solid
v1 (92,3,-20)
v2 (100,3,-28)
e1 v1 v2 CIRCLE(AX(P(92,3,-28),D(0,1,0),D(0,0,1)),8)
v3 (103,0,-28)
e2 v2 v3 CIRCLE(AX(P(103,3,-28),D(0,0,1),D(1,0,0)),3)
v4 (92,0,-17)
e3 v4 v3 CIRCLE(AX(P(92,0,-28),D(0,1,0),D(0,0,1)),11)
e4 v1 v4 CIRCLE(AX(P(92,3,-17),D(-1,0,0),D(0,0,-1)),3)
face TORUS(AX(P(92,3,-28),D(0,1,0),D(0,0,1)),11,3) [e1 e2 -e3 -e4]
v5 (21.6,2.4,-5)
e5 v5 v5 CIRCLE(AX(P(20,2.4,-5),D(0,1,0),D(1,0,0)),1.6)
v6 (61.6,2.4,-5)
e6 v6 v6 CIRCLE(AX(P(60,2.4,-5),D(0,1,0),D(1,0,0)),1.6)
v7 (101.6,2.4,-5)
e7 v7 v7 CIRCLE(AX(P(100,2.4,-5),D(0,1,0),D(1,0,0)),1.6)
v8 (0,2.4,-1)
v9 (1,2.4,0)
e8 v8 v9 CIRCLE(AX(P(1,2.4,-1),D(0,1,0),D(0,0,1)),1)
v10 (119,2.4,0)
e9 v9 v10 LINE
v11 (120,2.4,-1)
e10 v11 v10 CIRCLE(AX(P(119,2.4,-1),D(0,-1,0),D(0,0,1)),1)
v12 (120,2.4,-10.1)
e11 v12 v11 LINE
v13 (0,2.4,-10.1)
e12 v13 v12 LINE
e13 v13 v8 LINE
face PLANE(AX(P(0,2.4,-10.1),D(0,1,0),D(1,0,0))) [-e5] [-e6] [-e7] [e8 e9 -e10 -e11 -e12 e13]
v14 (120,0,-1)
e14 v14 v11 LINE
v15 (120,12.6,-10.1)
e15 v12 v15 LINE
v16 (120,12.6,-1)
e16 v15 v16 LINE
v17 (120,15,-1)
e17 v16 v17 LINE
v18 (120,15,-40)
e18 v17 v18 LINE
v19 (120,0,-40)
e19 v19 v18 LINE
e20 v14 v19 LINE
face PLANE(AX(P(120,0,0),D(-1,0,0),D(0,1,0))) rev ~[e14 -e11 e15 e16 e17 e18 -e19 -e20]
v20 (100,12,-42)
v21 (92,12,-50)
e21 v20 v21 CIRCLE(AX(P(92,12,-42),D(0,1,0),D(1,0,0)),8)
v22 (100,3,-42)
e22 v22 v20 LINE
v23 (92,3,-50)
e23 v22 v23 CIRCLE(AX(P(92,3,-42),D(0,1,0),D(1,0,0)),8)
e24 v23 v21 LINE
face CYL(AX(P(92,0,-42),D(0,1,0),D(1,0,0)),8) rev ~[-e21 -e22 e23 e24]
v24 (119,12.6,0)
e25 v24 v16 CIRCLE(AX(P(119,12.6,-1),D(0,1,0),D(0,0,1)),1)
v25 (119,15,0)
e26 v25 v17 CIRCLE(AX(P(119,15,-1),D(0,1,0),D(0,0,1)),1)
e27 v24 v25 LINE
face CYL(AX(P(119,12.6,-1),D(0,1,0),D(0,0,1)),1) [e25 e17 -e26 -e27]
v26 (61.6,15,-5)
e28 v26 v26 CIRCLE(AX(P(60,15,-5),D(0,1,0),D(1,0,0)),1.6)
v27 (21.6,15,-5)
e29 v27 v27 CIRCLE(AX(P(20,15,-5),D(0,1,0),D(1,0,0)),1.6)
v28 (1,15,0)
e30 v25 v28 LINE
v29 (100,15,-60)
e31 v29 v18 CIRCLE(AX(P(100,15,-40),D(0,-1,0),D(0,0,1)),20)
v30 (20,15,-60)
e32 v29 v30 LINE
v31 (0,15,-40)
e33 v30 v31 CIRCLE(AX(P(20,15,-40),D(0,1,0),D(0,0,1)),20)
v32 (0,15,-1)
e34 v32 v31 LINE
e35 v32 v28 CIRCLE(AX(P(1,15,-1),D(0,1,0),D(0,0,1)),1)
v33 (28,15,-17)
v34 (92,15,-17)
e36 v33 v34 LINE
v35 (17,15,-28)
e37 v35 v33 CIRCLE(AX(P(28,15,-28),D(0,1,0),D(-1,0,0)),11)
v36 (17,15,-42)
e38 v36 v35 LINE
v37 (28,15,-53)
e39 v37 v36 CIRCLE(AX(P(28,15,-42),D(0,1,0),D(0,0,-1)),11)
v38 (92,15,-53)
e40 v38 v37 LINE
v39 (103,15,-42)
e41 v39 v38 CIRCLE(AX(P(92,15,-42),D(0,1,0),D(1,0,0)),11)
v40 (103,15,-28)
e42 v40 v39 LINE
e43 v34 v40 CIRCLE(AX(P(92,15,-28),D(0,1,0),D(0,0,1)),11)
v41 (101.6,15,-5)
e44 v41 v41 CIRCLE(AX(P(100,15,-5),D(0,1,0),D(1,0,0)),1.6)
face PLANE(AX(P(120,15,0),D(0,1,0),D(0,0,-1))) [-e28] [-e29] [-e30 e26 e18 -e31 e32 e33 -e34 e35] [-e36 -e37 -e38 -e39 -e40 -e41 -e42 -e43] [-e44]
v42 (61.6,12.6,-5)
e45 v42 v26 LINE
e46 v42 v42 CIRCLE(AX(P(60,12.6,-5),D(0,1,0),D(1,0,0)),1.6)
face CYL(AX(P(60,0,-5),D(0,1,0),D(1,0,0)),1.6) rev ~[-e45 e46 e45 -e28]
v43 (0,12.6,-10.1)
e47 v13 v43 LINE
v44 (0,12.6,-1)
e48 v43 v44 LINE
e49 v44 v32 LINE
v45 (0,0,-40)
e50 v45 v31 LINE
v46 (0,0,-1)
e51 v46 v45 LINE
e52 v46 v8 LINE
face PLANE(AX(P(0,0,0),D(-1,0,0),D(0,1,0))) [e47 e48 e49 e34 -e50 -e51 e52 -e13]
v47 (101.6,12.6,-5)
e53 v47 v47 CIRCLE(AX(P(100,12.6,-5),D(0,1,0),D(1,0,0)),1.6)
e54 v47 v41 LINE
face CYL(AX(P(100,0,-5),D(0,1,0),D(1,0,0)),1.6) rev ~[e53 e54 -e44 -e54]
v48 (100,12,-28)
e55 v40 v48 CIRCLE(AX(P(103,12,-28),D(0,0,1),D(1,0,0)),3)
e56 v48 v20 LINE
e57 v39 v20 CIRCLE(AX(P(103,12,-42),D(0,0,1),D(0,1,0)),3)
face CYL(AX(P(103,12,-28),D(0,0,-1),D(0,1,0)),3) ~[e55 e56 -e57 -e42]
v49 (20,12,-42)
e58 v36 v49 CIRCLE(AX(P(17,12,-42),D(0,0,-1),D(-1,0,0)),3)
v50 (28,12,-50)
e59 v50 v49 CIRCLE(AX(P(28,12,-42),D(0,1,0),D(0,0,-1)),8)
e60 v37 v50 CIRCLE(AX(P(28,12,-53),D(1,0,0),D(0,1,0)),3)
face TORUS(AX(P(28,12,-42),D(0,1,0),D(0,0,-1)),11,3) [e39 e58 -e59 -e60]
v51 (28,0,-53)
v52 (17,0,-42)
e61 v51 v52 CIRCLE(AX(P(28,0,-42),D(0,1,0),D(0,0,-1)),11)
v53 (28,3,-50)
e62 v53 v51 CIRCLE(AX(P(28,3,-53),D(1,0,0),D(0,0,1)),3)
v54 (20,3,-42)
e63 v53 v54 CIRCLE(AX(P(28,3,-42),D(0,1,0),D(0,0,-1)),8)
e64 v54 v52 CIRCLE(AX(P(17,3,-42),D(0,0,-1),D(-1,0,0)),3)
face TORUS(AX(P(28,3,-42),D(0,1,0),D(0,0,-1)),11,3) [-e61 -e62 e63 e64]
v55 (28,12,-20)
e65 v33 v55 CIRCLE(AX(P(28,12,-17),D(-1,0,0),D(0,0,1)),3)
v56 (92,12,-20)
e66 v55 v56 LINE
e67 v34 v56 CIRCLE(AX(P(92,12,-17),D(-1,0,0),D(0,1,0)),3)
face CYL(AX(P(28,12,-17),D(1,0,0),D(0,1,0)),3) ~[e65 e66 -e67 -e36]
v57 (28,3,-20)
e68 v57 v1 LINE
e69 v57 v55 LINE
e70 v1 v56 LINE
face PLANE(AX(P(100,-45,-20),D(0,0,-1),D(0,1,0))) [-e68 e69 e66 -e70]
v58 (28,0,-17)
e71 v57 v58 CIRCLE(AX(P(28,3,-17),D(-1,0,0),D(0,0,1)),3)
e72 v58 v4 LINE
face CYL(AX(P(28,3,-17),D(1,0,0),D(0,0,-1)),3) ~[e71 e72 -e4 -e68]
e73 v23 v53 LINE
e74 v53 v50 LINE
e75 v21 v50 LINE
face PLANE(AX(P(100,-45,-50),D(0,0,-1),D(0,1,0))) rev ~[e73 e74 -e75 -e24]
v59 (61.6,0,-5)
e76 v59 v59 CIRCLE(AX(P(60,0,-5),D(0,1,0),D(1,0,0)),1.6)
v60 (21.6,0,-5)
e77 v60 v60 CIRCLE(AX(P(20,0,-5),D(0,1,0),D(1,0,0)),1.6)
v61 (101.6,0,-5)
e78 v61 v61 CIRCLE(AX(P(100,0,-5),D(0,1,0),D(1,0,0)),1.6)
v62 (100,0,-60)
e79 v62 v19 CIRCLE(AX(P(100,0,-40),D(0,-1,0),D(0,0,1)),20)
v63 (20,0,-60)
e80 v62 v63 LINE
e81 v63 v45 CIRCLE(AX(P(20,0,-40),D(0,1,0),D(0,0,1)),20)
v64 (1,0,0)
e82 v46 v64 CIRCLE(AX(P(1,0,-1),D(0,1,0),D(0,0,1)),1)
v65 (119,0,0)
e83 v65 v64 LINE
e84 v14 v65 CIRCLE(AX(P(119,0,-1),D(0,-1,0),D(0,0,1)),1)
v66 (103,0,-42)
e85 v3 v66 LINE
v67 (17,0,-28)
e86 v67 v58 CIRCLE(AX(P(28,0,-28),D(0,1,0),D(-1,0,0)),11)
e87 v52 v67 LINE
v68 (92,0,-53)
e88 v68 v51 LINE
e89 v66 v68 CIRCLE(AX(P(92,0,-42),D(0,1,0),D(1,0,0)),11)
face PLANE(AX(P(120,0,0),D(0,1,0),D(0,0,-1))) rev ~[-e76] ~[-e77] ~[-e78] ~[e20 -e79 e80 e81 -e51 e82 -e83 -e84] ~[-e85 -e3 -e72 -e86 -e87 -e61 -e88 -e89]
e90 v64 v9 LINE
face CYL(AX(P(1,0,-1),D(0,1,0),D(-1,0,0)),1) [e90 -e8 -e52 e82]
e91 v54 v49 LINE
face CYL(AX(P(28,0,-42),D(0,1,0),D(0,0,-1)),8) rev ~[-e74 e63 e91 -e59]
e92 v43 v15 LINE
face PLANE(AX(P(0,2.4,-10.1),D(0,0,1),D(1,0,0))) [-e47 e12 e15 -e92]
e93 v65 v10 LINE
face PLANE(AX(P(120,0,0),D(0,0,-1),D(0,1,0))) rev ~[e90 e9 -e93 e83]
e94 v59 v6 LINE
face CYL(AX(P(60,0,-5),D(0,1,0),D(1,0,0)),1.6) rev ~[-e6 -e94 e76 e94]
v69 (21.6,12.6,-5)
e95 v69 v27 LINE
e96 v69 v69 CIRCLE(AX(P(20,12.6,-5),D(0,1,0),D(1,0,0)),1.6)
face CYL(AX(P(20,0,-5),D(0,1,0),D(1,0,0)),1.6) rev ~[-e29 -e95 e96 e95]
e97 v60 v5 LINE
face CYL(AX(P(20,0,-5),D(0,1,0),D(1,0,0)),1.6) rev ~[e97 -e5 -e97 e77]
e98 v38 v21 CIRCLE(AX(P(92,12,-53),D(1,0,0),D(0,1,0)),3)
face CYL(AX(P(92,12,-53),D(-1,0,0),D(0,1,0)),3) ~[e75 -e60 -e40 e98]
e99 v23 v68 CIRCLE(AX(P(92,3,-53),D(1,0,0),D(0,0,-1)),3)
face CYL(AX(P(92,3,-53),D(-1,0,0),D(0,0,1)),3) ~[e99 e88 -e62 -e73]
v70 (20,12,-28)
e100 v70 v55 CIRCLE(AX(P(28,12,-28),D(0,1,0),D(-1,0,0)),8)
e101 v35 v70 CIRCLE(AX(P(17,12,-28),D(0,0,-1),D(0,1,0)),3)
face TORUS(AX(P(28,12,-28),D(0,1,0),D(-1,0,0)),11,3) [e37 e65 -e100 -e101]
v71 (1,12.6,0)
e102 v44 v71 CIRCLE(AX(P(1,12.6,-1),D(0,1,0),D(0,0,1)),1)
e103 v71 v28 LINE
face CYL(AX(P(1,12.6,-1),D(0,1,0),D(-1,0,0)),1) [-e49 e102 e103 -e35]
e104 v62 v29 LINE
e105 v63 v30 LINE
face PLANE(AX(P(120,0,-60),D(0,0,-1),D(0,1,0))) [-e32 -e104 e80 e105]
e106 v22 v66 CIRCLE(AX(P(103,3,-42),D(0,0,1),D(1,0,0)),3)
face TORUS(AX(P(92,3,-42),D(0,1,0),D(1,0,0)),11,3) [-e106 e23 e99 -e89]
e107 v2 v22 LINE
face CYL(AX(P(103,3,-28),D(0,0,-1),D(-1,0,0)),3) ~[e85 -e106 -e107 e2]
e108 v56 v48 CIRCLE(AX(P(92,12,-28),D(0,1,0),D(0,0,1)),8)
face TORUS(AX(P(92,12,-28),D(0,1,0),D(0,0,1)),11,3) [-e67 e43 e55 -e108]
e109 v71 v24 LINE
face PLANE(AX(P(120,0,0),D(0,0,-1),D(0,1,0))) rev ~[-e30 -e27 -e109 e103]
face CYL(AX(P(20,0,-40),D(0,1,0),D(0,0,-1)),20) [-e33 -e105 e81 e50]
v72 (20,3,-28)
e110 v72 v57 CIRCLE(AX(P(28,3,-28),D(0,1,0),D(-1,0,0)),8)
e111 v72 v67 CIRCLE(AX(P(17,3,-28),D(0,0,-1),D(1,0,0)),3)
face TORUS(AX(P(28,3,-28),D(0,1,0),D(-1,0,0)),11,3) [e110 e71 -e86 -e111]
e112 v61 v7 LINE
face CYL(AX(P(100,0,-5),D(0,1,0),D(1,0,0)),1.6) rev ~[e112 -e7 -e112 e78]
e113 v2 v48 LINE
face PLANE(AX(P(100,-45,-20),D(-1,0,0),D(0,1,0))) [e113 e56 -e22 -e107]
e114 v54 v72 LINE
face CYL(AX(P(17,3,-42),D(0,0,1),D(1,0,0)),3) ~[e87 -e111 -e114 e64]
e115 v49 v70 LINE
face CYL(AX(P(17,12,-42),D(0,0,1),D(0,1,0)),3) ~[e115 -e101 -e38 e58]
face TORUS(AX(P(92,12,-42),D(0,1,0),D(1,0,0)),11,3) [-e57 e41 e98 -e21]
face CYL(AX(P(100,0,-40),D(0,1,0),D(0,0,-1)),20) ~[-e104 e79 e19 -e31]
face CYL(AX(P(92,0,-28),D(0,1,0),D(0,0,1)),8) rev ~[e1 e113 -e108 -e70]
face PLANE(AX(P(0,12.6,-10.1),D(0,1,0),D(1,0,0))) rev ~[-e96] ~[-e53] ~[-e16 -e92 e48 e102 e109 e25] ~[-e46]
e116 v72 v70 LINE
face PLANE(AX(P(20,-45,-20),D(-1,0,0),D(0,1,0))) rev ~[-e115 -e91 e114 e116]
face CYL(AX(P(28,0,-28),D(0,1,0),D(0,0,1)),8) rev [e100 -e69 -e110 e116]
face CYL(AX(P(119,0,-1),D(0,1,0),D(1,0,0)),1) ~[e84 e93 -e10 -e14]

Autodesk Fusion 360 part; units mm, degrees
box "BoxPrimitive1" add length 60 width 120 height 15 placed x (0, 0, -1) y (-1, 0, 0) z (0, 1, 0) at (120, 0, 0)
fillet "Fillet1" radius 20 1 edges at (0, 7.5, -60)
fillet "Fillet1" radius 20 1 edges at (120, 7.5, -60)
box "BoxPrimitive2" cut length 10.2 width 10.1 height -120 placed x (0, 1, 0) y (0, 0, 1) z (1, 0, 0) at (120, 2.4, -10.1)
box "BoxPrimitive3" cut length 30 width 80 height -60 placed x (0, 0, -1) y (-1, 0, 0) z (0, 1, 0) at (100, 15, -20)
fillet "Fillet2" radius 8 1 edges at (20, 7.5, -50)
fillet "Fillet2" radius 8 1 edges at (100, 7.5, -50)
fillet "Fillet2" radius 8 1 edges at (100, 7.5, -20)
fillet "Fillet2" radius 8 1 edges at (20, 7.5, -20)
cylinder "CylinderPrimitive1" cut diameter 3.2 height -15 placed x (1, 0, 0) y (0, 0, -1) z (0, 1, 0) at (60, 15, -5)
cylinder "CylinderPrimitive2" cut diameter 3.2 height -15 placed x (1, 0, 0) y (0, 0, -1) z (0, 1, 0) at (20, 15, -5)
cylinder "CylinderPrimitive3" cut diameter 3.2 height -15 placed x (1, 0, 0) y (0, 0, -1) z (0, 1, 0) at (100, 15, -5)
fillet "Fillet3" radius 3 8 edges at (60, 15, -50) (22.3431, 15, -47.6569) (20, 15, -35) (22.3431, 15, -22.3431) (60, 15, -20) (97.6569, 15, -22.3431) (100, 15, -35) (97.6569, 15, -47.6569)
fillet "Fillet3" radius 3 8 edges at (97.6569, 0, -47.6569) (60, 0, -50) (22.3431, 0, -47.6569) (20, 0, -35) (22.3431, 0, -22.3431) (60, 0, -20) (97.6569, 0, -22.3431) (100, 0, -35)
fillet "Fillet4" radius 1 1 edges at (120, 13.8, 0)
fillet "Fillet4" radius 1 1 edges at (120, 1.2, 0)
fillet "Fillet4" radius 1 1 edges at (0, 13.8, 0)
fillet "Fillet4" radius 1 1 edges at (0, 1.2, 0)
